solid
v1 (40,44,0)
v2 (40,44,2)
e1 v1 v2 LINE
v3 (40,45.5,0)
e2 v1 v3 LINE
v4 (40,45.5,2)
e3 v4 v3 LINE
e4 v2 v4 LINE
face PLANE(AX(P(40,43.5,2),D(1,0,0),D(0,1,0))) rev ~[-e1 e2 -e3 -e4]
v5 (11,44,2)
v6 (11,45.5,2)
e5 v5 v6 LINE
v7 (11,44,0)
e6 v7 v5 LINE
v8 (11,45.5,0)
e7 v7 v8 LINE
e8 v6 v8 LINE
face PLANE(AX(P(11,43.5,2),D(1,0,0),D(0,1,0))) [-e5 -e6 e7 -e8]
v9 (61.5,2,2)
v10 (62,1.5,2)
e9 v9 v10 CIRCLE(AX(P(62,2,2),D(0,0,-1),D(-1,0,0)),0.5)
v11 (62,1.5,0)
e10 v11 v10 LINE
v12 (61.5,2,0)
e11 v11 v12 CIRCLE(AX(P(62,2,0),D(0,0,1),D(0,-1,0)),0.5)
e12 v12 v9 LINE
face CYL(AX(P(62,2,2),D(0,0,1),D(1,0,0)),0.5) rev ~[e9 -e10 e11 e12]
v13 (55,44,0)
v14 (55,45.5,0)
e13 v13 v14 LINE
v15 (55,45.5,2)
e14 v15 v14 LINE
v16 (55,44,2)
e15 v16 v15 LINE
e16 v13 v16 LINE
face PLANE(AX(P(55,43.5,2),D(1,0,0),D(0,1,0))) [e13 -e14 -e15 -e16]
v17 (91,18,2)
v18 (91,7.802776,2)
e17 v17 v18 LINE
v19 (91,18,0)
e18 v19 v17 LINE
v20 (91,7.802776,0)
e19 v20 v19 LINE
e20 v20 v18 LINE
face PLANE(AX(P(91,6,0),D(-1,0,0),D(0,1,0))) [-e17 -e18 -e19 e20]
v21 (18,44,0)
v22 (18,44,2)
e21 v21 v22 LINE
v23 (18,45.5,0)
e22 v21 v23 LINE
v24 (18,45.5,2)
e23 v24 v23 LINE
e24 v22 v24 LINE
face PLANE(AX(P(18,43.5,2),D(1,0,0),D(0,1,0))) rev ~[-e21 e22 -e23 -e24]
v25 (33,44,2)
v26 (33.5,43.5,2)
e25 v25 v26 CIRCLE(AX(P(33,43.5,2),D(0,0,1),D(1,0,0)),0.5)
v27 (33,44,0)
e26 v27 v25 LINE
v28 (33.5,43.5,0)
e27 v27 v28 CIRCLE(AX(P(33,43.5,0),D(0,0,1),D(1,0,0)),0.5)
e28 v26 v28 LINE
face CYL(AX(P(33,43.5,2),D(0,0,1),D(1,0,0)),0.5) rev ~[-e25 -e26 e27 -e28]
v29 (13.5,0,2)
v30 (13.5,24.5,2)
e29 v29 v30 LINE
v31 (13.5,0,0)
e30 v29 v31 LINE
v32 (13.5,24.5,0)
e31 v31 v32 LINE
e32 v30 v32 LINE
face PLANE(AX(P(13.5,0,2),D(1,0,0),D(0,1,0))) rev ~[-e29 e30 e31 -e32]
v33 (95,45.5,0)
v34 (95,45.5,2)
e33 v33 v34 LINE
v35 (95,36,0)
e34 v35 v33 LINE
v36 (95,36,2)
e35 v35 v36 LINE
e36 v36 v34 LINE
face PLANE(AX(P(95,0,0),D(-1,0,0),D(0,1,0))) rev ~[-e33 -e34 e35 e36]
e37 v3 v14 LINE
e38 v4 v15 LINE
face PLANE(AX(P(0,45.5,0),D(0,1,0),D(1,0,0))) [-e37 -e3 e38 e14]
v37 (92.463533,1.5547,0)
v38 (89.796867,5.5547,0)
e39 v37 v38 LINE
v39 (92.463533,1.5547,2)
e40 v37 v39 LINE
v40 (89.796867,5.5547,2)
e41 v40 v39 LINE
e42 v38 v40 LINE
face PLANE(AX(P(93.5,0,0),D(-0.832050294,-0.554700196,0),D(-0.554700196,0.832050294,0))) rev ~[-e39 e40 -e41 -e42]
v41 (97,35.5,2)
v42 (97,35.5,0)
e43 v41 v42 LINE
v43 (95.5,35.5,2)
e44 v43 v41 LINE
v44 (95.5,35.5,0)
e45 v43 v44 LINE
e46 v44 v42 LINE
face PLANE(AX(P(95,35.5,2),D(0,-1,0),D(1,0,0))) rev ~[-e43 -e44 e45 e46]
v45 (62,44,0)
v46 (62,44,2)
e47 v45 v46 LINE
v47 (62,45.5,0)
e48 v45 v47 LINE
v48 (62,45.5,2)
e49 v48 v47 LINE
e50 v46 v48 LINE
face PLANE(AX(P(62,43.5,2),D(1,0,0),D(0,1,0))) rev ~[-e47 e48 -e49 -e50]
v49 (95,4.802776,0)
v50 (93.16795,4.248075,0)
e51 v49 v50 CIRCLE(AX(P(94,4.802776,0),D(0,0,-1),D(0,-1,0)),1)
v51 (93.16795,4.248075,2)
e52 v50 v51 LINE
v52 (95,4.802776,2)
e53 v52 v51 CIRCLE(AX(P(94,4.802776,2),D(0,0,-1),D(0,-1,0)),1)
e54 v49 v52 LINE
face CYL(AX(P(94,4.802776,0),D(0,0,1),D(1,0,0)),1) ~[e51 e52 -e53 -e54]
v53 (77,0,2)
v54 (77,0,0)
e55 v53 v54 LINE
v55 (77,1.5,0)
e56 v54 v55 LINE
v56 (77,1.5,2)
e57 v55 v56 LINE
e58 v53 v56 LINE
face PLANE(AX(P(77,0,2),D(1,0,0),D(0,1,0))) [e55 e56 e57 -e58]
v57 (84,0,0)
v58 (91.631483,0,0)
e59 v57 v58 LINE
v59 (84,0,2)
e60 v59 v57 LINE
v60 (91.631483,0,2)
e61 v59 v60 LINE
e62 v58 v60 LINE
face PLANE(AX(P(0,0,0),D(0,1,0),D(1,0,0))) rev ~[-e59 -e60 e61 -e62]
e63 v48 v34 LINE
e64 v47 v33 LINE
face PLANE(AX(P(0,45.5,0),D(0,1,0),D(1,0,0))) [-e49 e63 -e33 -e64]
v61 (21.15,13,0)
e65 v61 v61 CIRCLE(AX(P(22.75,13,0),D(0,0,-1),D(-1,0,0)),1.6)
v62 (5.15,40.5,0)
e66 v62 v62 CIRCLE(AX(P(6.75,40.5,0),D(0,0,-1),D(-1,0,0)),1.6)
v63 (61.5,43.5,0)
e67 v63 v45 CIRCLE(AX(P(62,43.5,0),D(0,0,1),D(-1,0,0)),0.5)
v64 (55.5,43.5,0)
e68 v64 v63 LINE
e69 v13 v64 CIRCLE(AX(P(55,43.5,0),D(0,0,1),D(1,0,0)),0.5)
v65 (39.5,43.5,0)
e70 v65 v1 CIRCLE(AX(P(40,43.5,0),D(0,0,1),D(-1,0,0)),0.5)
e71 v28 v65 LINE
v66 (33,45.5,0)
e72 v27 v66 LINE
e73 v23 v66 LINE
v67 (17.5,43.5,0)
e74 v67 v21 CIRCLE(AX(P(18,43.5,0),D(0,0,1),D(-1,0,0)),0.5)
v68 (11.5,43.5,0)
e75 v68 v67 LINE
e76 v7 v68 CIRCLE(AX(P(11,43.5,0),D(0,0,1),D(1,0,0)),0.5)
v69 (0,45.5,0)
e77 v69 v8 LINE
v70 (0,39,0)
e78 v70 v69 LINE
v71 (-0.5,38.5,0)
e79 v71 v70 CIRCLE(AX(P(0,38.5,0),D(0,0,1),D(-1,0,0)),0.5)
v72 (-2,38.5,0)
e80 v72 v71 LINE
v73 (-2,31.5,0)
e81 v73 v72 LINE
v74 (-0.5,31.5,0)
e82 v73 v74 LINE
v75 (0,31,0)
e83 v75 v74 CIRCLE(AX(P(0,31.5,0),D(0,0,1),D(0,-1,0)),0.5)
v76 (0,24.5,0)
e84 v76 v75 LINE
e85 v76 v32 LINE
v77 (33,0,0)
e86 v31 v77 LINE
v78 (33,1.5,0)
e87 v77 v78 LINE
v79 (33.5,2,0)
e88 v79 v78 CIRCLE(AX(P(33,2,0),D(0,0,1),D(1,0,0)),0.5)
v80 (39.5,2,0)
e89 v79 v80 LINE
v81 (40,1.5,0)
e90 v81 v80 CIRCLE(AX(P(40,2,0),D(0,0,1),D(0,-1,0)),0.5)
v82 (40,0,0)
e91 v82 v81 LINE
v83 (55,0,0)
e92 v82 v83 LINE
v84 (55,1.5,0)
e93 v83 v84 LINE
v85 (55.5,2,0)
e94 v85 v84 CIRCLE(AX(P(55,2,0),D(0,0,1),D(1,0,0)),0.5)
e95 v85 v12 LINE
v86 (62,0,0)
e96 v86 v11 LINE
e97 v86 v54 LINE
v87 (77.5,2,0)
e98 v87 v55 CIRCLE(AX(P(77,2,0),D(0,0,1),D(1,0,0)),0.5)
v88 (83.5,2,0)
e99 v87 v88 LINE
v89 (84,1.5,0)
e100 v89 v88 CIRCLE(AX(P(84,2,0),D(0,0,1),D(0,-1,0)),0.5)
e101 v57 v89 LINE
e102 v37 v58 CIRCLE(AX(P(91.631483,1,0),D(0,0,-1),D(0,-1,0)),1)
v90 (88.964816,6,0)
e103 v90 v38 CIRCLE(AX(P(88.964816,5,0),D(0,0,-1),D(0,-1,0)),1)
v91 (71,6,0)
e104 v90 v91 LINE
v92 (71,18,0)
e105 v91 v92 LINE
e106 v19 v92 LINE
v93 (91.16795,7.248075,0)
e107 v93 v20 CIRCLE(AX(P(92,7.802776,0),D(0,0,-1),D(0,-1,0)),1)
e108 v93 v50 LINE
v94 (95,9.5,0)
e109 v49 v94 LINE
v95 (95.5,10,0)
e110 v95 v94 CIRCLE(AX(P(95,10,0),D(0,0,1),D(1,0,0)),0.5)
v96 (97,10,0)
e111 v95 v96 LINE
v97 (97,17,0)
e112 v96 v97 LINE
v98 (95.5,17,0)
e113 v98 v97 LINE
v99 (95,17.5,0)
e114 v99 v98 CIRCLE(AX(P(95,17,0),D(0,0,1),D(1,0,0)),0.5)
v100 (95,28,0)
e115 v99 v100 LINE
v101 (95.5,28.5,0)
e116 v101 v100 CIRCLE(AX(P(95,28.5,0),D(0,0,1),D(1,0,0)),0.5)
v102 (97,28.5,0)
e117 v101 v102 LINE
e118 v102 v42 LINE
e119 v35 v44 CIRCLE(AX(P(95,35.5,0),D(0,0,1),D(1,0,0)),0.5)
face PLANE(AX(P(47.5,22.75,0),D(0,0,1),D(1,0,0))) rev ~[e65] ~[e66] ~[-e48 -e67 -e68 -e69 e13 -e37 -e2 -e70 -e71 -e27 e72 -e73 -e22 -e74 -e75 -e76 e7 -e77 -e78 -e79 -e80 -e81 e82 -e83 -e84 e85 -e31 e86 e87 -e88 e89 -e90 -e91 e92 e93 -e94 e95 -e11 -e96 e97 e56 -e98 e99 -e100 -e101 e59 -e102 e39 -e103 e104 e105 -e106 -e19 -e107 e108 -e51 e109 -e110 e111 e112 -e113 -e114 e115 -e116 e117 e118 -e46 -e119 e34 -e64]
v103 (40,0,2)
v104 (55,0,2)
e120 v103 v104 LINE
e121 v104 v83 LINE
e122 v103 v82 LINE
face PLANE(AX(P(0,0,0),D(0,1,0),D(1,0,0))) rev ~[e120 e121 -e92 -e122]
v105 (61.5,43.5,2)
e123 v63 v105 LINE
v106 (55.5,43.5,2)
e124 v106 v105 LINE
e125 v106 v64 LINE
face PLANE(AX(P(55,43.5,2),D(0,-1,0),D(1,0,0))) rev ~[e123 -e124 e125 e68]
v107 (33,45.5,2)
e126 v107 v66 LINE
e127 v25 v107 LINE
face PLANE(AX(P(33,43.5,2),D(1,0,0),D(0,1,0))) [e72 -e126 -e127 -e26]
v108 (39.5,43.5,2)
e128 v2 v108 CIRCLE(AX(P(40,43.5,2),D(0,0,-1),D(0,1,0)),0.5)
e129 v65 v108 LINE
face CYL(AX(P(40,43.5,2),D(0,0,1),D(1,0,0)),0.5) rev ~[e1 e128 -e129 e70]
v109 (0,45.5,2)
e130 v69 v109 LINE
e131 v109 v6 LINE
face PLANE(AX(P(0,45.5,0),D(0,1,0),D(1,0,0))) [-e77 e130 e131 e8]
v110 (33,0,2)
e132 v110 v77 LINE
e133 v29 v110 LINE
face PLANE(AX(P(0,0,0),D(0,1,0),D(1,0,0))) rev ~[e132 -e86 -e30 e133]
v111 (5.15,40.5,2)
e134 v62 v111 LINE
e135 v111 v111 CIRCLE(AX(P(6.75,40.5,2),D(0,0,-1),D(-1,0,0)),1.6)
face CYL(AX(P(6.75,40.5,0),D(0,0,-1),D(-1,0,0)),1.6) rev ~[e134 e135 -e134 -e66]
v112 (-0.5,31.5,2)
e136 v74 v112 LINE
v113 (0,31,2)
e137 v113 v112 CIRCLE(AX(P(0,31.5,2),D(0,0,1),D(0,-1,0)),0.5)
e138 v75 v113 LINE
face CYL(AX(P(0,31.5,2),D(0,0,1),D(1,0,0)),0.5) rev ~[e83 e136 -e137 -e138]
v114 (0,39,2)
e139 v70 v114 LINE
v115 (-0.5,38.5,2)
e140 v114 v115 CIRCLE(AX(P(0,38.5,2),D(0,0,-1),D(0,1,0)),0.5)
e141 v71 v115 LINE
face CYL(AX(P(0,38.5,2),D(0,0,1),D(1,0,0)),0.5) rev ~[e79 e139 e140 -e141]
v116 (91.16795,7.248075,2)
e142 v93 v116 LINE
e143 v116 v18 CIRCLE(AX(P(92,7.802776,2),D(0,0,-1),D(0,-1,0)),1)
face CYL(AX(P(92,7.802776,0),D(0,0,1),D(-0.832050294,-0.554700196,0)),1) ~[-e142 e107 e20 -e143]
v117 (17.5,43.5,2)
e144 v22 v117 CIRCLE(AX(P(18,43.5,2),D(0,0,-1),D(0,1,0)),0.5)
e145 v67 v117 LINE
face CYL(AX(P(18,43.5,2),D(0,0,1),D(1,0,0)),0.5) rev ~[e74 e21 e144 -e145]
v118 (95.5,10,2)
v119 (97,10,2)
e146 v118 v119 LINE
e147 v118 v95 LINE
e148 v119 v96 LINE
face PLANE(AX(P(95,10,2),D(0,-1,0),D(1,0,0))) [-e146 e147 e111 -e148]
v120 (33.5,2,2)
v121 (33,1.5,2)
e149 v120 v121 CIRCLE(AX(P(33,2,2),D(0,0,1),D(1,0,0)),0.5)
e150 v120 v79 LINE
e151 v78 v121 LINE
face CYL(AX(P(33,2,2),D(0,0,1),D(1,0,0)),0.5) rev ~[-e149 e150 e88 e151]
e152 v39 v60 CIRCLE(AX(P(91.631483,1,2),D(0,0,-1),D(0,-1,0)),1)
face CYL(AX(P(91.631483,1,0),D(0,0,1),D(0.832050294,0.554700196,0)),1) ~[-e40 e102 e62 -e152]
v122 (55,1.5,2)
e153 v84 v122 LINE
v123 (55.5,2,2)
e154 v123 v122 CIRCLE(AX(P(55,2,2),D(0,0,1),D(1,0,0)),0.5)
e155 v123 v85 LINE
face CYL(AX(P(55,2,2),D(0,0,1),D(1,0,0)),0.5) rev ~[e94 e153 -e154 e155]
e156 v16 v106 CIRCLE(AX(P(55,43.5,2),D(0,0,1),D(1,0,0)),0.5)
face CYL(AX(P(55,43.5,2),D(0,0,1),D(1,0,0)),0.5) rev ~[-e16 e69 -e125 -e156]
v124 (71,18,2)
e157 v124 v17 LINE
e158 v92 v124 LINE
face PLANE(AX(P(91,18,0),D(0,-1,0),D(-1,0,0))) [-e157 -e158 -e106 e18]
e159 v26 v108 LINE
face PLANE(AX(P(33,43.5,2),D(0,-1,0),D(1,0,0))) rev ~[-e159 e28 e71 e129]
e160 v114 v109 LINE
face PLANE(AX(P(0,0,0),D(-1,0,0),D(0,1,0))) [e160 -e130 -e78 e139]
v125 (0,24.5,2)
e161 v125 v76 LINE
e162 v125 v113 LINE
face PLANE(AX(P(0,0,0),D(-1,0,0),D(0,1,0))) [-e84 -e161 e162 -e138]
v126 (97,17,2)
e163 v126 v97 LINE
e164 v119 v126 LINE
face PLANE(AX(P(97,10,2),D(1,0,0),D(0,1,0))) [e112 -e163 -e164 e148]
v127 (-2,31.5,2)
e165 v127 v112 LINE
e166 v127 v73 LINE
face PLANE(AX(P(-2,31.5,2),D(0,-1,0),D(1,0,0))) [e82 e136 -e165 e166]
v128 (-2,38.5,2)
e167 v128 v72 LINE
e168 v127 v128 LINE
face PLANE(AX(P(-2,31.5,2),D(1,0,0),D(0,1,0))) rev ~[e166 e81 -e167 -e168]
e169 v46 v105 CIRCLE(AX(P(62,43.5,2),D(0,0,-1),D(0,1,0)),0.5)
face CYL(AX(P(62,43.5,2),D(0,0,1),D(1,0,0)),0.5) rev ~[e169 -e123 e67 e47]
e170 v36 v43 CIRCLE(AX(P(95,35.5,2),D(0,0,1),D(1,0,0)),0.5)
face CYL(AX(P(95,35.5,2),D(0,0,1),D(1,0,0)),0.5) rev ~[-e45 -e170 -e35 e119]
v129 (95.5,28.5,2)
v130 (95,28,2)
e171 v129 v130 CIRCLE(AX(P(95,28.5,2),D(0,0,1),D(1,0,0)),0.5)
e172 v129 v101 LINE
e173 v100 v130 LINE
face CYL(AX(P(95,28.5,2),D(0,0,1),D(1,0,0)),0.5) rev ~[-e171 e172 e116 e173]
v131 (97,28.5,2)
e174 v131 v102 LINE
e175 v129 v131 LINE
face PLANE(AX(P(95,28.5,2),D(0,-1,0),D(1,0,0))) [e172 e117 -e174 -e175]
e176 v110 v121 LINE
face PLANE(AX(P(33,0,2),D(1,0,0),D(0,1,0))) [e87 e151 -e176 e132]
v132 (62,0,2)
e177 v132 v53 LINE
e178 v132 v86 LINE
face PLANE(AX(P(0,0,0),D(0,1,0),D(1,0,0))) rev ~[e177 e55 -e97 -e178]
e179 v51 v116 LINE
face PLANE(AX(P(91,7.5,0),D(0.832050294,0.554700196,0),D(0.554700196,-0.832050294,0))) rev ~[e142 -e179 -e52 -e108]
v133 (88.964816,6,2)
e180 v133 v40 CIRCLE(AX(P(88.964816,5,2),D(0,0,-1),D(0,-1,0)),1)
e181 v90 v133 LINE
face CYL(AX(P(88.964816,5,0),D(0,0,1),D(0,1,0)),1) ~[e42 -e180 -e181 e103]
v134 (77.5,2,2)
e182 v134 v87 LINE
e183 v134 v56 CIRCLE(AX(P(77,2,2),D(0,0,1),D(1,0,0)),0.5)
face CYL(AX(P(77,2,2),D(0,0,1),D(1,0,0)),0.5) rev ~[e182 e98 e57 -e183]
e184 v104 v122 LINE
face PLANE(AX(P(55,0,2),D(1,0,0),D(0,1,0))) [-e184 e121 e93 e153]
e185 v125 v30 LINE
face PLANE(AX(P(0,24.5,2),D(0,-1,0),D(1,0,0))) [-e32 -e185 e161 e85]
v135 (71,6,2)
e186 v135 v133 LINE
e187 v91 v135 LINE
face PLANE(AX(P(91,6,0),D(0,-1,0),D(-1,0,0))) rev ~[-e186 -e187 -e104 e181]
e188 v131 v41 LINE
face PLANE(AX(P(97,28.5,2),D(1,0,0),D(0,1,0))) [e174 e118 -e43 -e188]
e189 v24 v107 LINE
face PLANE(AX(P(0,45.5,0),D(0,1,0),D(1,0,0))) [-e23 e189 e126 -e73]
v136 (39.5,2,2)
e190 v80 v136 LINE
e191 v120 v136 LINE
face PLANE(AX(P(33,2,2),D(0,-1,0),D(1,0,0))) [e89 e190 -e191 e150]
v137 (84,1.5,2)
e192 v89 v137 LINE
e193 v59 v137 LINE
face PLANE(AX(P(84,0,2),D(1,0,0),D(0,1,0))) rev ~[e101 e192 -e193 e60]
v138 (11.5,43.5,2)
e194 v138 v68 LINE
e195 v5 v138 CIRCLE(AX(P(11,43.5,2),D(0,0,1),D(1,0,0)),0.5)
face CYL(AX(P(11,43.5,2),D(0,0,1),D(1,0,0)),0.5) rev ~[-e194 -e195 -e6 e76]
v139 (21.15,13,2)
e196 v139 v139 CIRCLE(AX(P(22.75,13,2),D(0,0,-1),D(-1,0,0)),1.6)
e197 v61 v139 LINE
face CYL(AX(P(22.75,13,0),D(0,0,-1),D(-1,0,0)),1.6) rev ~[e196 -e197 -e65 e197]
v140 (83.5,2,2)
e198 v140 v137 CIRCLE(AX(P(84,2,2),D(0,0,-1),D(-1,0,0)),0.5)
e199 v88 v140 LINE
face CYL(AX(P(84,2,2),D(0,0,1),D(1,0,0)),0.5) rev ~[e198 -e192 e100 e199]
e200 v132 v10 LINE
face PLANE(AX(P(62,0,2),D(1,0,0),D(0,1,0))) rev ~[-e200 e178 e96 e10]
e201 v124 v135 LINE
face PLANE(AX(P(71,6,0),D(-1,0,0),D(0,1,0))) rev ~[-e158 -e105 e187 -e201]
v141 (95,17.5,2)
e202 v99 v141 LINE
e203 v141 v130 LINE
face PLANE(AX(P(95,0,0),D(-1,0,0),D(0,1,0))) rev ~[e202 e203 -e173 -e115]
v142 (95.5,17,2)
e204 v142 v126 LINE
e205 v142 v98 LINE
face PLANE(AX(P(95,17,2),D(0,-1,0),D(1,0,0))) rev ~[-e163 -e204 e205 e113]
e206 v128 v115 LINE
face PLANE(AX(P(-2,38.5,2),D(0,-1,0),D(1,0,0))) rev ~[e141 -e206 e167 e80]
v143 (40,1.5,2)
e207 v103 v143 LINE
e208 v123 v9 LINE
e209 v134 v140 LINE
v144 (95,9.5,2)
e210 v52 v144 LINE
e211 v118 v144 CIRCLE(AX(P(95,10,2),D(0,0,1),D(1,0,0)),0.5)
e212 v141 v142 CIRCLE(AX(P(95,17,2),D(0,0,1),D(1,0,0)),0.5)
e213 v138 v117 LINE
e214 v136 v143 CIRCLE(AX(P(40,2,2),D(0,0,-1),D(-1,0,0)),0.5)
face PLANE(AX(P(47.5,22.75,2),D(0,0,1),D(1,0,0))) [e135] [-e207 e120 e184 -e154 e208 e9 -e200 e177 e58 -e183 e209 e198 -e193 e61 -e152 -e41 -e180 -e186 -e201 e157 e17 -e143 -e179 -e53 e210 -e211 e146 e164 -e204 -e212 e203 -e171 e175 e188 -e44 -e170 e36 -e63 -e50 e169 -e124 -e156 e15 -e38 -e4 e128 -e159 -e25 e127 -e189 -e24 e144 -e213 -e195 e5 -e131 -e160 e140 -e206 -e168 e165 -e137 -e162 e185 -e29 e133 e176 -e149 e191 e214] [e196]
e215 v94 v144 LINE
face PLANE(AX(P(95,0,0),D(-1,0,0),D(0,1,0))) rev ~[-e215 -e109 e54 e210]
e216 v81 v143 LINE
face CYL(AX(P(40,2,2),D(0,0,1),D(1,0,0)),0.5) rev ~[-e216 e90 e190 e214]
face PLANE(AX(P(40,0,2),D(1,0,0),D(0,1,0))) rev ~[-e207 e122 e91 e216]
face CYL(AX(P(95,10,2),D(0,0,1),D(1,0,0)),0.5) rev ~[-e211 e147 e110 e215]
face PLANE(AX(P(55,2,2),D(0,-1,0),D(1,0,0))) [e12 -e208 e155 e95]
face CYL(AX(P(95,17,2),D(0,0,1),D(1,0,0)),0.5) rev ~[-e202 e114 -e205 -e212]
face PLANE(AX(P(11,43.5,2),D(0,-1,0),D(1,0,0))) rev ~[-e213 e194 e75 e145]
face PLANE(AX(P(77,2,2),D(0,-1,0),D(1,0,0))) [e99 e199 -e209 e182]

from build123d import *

# Parameters (mm, degrees)
SKETCH_1_W          = 95
SKETCH_1_H          = 45.5
EXTRUDE_1_DEPTH     = 2
SKETCH_2_W          = 7
SKETCH_2_H          = 2
CUT_EXTRUDE_1_DEPTH = 106.352978126
SKETCH_3_R          = 0.5
CUT_EXTRUDE_2_DEPTH = 106.352978126
SKETCH_5_W          = 13.5
SKETCH_5_H          = 24.5
CUT_EXTRUDE_3_DEPTH = 106.352978126
SKETCH_6_W          = 2
SKETCH_6_H          = 7
EXTRUDE_2_DEPTH     = 2
SKETCH_7_W          = 20
SKETCH_7_H          = 12
CUT_EXTRUDE_4_DEPTH = 108.159927212
CUT_EXTRUDE_5_DEPTH = 108.159927212
FILLET_1_R          = 1
SKETCH_9_R          = 1.6
CUT_EXTRUDE_6_DEPTH = 2


with BuildPart() as part:
    # 草图1 → 凸台-拉伸1 (new body)
    with BuildSketch(Plane.XY):
        with Locations((47.5, 22.75)):
            Rectangle(SKETCH_1_W, SKETCH_1_H)
    extrude(amount=EXTRUDE_1_DEPTH)

    # 草图2 → 切除-拉伸1 (cut, through all)
    with BuildSketch(Plane.XY.offset(2)):
        with Locations((58.5, 44.5)):
            Rectangle(SKETCH_2_W, SKETCH_2_H)
        with Locations((36.5, 44.5)):
            Rectangle(SKETCH_2_W, SKETCH_2_H)
        with Locations((14.5, 44.5)):
            Rectangle(SKETCH_2_W, SKETCH_2_H)
        with Locations((36.5, 1)):
            Rectangle(SKETCH_2_W, SKETCH_2_H)
        with Locations((58.5, 1)):
            Rectangle(SKETCH_2_W, SKETCH_2_H)
        with Locations((80.5, 1)):
            Rectangle(SKETCH_2_W, SKETCH_2_H)
    extrude(amount=-CUT_EXTRUDE_1_DEPTH, mode=Mode.SUBTRACT)

    # 草图3 → 切除-拉伸2 (cut, through all)
    with BuildSketch(Plane.XY.offset(2)):
        with Locations((11, 43.5)):
            Circle(SKETCH_3_R)
    cut_extrude_2 = extrude(amount=-CUT_EXTRUDE_2_DEPTH, mode=Mode.SUBTRACT)

    # 草图5 → 切除-拉伸3 (cut, through all)
    with BuildSketch(Plane.XY.offset(2)):
        with Locations((6.75, 12.25)):
            Rectangle(SKETCH_5_W, SKETCH_5_H)
    extrude(amount=-CUT_EXTRUDE_3_DEPTH, mode=Mode.SUBTRACT)

    # 草图6 → 凸台-拉伸2 (add)
    with BuildSketch(Plane.XY.offset(2)):
        with Locations((-1, 35)):
            Rectangle(SKETCH_6_W, SKETCH_6_H)
        with Locations((96, 32)):
            Rectangle(SKETCH_6_W, SKETCH_6_H)
        with Locations((96, 13.5)):
            Rectangle(SKETCH_6_W, SKETCH_6_H)
    extrude(amount=-EXTRUDE_2_DEPTH)

    # 草图阵列1: 切除-拉伸2 at 17 more places
    with Locations((7, 0, 0), (22, 0, 0), (29, 0, 0), (44, 0, 0), (51, 0, 0), (73, -41.5, 0), (66, -41.5, 0), (51, -41.5, 0), (44, -41.5, 0), (29, -41.5, 0), (22, -41.5, 0), (-11, -12, 0), (84, -8, 0), (-11, -5, 0), (84, -15, 0), (84, -26.5, 0), (84, -33.5, 0)):
        add(cut_extrude_2, mode=Mode.SUBTRACT)

    # 草图7 → 切除-拉伸4 (cut, through all)
    with BuildSketch(Plane(origin=(0, 0, 0), x_dir=(-1, 0, 0), z_dir=(0, 0, -1))):
        with Locations((-81, 12)):
            Rectangle(SKETCH_7_W, SKETCH_7_H)
    extrude(amount=-CUT_EXTRUDE_4_DEPTH, mode=Mode.SUBTRACT)

    # 草图8 → 切除-拉伸5 (cut, through all)
    with BuildSketch(Plane(origin=(0, 0, 0), x_dir=(-1, 0, 0), z_dir=(0, 0, -1))):
        Polygon((-91, 7.5), (-95, 1.5), (-95, 0), (-93.5, 0), (-89.5, 6), (-91, 6), align=None)
    extrude(amount=-CUT_EXTRUDE_5_DEPTH, mode=Mode.SUBTRACT)

    # 圆角1
    fillet_1_edges = [part.edges().sort_by_distance(p)[0] for p in [
        (91, 7.5, 1),
        (89.5, 6, 1),
        (93.5, 0, 1),
        (95, 1.5, 1),
    ]]
    fillet(fillet_1_edges, radius=FILLET_1_R)

    # 草图9 → 切除-拉伸6 (cut)
    with BuildSketch(Plane(origin=(0, 0, 0), x_dir=(-1, 0, 0), z_dir=(0, 0, -1))):
        with Locations((-6.75, 40.5)):
            Circle(SKETCH_9_R)
        with Locations((-22.75, 13)):
            Circle(SKETCH_9_R)
    extrude(amount=-CUT_EXTRUDE_6_DEPTH, mode=Mode.SUBTRACT)


solid = part.part
